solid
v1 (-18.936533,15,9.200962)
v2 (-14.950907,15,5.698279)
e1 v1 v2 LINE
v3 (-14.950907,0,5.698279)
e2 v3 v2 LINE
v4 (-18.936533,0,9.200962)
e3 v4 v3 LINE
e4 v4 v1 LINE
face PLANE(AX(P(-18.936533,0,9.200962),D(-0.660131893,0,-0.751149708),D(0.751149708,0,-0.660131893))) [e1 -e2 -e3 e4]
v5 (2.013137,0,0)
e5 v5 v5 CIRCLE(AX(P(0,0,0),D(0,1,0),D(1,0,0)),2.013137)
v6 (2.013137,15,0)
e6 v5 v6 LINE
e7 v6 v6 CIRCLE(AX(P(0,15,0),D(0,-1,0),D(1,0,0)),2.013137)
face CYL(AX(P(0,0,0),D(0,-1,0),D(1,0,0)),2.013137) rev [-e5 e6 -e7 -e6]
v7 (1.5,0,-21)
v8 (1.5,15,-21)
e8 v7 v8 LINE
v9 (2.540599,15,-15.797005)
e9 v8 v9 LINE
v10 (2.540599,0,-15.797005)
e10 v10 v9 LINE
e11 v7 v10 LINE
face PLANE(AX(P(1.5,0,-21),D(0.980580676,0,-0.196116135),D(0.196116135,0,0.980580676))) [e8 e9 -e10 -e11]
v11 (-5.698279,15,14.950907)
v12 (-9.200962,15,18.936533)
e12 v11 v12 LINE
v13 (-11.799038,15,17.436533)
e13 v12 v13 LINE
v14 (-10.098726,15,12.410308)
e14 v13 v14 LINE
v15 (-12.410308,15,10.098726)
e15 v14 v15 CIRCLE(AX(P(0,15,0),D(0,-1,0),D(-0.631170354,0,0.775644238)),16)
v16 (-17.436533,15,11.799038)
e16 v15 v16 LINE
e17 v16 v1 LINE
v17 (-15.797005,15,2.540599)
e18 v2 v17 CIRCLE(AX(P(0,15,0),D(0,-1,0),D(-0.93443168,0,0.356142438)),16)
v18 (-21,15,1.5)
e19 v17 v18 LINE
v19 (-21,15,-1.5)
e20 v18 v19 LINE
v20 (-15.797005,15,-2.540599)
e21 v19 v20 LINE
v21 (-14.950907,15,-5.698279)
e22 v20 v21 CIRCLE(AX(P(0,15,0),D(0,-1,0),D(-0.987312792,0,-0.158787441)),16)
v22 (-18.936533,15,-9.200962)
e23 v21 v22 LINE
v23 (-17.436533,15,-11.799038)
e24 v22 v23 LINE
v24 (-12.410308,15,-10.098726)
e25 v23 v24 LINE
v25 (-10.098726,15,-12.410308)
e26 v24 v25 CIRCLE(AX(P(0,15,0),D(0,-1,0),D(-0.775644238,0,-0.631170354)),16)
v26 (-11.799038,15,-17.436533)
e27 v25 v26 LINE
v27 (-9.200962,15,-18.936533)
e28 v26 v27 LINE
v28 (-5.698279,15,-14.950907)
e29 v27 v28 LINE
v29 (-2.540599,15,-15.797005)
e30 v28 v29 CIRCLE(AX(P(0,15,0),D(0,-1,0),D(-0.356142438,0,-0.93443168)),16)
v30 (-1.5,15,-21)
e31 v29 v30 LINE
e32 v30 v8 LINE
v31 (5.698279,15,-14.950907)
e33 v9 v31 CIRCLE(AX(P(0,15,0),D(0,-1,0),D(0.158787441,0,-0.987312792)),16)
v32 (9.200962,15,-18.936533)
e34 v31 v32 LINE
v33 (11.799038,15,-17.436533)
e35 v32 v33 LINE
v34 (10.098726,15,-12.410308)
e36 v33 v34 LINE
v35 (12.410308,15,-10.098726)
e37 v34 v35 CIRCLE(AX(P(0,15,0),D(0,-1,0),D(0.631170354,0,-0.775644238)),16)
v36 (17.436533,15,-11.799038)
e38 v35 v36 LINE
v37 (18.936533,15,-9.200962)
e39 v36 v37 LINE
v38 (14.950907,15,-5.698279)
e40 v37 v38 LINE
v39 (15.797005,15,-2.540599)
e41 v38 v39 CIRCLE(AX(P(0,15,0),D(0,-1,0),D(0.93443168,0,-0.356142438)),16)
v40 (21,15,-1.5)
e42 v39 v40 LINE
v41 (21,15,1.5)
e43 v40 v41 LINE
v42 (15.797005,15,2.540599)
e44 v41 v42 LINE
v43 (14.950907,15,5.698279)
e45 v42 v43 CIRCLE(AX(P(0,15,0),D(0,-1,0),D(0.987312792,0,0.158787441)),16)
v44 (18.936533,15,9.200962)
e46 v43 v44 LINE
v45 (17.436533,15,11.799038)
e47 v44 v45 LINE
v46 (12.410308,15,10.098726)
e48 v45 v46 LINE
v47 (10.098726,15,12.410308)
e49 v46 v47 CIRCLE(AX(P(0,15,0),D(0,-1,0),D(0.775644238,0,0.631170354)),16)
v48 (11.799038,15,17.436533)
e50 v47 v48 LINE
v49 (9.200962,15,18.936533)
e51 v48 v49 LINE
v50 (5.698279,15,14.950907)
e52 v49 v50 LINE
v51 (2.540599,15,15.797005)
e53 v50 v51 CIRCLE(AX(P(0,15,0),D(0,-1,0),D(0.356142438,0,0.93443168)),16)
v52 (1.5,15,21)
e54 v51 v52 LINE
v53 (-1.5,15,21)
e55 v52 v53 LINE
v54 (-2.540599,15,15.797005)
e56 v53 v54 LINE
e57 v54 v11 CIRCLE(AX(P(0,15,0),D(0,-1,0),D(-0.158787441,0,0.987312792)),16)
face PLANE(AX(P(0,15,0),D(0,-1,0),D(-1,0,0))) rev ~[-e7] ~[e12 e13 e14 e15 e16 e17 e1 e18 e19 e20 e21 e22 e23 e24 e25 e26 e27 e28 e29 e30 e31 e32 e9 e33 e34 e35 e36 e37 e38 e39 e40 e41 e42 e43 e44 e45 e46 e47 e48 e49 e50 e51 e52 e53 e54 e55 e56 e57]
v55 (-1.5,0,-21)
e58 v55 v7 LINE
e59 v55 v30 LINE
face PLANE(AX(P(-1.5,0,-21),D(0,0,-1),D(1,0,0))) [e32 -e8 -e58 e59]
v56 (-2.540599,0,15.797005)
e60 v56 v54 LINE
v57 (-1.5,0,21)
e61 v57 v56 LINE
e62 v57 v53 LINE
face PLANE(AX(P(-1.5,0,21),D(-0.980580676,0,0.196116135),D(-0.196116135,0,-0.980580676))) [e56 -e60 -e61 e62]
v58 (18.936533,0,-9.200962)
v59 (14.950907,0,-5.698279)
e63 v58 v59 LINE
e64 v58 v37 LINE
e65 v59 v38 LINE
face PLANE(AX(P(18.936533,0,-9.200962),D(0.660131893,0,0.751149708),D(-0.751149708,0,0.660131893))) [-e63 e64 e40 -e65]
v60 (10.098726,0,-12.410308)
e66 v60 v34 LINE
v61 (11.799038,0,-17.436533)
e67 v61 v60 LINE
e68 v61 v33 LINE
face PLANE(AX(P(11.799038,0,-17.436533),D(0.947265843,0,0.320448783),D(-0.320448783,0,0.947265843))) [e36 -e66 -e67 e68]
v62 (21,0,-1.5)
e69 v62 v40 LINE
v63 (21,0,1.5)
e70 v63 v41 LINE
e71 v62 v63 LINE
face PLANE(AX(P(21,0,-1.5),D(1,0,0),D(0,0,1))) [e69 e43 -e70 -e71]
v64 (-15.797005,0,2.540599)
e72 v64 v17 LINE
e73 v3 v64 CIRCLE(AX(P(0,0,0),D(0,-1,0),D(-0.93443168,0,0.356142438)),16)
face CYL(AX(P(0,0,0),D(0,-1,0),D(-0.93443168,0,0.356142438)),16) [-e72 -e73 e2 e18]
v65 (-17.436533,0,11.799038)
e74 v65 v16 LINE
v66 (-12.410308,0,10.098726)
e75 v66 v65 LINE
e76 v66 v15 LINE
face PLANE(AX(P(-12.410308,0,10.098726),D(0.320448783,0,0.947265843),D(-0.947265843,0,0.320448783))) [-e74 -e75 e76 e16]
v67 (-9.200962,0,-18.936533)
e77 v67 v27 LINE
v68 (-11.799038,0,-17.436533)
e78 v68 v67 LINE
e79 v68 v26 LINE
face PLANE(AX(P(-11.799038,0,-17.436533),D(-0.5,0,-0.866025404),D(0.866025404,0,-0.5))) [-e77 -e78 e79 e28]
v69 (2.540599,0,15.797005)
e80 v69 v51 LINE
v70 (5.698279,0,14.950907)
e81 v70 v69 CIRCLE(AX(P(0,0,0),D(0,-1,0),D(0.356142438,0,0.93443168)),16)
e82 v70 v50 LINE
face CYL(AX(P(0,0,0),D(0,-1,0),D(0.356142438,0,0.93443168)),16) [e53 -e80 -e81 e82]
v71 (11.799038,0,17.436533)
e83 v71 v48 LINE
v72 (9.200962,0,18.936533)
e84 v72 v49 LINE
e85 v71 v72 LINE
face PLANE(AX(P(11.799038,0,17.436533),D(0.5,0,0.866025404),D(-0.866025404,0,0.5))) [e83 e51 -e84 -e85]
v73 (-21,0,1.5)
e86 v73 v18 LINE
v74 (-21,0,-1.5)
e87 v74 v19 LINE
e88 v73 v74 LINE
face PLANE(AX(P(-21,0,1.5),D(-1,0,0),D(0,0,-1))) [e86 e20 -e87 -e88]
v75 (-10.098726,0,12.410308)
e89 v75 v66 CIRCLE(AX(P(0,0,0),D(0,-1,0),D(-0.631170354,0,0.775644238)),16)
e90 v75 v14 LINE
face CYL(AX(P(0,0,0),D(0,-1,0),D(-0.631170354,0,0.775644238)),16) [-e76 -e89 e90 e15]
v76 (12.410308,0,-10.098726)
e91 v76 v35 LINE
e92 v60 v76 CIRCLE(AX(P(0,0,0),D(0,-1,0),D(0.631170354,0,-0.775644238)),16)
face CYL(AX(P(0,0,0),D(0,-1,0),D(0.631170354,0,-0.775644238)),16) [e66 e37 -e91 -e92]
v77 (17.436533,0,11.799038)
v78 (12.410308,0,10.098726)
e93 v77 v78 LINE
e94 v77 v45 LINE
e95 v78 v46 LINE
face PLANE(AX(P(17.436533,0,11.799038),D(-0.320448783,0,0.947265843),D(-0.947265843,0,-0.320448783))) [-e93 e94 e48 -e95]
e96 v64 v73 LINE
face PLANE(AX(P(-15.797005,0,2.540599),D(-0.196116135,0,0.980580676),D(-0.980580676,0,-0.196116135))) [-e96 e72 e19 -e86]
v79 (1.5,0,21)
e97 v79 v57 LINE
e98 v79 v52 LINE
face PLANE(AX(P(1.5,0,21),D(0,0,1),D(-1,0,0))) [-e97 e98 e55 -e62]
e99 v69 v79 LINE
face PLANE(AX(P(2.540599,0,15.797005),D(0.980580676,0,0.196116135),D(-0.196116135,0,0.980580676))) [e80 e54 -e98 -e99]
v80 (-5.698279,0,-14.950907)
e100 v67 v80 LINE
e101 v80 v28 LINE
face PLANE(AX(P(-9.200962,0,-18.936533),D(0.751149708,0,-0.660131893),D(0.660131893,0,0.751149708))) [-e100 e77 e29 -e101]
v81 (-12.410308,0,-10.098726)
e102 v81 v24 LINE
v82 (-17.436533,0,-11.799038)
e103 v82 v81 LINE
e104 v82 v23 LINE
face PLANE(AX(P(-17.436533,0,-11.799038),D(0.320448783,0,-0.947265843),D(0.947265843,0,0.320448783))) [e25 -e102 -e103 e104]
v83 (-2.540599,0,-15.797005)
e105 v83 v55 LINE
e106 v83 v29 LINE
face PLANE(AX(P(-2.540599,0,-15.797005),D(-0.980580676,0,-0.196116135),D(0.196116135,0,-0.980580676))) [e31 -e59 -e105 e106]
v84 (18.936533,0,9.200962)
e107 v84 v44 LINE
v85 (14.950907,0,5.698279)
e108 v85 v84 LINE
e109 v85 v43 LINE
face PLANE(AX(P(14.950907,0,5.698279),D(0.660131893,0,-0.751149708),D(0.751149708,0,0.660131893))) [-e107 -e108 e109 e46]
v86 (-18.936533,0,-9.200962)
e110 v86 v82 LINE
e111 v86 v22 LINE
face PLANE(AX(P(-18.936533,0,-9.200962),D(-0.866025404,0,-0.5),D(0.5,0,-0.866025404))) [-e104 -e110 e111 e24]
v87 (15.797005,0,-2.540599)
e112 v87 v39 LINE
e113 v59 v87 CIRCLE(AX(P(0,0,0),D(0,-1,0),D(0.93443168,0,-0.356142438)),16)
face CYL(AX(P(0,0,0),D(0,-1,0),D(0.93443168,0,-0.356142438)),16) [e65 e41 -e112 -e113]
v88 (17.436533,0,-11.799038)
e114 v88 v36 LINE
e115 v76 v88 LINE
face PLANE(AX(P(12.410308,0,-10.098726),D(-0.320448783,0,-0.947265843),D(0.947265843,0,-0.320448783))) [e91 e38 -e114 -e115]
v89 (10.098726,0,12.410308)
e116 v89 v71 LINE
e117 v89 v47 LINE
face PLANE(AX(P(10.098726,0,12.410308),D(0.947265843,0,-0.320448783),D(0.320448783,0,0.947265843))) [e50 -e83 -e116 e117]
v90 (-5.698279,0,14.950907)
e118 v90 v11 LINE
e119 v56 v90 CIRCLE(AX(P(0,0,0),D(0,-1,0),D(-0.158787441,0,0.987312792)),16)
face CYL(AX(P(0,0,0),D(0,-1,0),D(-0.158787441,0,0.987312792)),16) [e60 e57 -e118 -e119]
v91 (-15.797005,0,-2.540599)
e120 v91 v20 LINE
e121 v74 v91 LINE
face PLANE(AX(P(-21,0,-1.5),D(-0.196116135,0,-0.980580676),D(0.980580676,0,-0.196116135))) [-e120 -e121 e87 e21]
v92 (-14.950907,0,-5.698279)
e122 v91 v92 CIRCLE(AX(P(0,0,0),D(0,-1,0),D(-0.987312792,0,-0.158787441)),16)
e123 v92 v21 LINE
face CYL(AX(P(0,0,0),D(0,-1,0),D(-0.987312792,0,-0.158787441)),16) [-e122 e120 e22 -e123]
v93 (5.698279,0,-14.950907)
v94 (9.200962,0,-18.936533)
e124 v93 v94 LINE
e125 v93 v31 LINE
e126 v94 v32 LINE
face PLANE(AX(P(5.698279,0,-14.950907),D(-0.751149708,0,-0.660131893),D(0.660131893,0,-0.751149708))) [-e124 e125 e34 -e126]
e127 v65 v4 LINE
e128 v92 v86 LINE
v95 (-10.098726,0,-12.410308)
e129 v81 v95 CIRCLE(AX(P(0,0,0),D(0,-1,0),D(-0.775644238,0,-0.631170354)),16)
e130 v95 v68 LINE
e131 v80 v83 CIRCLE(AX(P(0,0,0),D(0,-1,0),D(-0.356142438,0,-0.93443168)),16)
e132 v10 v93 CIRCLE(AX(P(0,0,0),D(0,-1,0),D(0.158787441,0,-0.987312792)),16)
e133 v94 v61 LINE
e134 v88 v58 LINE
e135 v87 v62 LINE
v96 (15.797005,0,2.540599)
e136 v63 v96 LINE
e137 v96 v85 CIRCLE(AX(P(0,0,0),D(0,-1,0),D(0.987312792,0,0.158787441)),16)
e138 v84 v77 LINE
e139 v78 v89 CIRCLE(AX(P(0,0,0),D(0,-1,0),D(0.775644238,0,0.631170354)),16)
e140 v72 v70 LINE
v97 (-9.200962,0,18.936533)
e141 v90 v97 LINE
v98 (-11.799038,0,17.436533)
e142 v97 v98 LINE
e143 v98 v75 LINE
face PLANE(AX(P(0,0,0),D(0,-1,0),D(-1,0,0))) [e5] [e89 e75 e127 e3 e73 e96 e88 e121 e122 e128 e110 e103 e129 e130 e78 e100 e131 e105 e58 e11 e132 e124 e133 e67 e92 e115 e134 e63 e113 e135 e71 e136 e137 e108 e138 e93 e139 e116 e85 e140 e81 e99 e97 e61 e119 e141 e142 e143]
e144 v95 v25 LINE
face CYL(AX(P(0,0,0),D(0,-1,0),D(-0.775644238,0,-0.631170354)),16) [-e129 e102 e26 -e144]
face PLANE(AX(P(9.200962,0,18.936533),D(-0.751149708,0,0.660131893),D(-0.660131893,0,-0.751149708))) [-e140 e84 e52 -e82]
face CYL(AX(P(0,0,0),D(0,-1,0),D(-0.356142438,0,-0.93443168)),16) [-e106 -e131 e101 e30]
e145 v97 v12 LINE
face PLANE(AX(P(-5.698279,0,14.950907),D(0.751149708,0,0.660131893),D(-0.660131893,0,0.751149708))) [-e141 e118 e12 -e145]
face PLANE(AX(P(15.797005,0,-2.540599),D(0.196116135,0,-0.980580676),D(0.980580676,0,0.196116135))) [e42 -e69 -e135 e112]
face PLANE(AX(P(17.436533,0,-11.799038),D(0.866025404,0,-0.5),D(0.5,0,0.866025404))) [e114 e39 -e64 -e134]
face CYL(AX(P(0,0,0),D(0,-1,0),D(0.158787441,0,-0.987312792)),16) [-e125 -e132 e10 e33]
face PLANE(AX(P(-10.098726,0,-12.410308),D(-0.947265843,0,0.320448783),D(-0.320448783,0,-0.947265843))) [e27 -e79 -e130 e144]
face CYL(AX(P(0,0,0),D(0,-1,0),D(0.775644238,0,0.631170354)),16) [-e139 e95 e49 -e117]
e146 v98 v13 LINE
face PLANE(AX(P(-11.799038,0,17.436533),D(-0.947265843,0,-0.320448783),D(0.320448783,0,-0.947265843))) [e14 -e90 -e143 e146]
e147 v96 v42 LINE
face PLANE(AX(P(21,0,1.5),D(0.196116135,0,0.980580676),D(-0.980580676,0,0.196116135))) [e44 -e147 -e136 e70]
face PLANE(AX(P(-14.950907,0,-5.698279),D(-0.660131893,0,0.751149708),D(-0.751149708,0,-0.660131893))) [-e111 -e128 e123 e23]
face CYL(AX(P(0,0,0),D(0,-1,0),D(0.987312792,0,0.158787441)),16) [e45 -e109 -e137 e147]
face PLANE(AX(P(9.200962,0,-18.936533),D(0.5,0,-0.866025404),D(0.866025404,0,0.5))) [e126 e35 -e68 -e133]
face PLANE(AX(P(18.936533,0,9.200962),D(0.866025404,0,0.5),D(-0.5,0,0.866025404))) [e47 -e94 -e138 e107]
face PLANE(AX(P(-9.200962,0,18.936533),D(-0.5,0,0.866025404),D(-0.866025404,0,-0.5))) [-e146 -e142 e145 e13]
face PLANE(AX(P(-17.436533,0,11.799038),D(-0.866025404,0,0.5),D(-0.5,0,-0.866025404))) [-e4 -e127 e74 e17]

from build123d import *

# Parameters (mm, degrees)
BOSS_EXTRUDE1_DEPTH = 15
CUT_EXTRUDE1_REACH  = 17
SKETCH2_R           = 2.013136899


with BuildPart() as part:
    # Sketch1 → Boss-Extrude1 (new body)
    with BuildSketch(Plane(origin=(0, 0, 0), x_dir=(1, 0, 0), z_dir=(0, 1, 0))):
        with BuildLine():
            Line((-2.540599067, 15.797004665), (-1.5, 21))
            Line((-1.5, 21), (1.5, 21))
            Line((1.5, 21), (2.540599067, 15.797004665))
            ThreePointArc((2.540599067, 15.797004665), (4.141104722, 15.454813221), (5.698279, 14.950906877))
            Line((5.698279, 14.950906877), (9.200961894, 18.936533479))
            Line((9.200961894, 18.936533479), (11.799038106, 17.436533479))
            Line((11.799038106, 17.436533479), (10.098725665, 12.41030781))
            ThreePointArc((10.098725665, 12.41030781), (11.313708499, 11.313708499), (12.41030781, 10.098725665))
            Line((12.41030781, 10.098725665), (17.436533479, 11.799038106))
            Line((17.436533479, 11.799038106), (18.936533479, 9.200961894))
            Line((18.936533479, 9.200961894), (14.950906877, 5.698279))
            ThreePointArc((14.950906877, 5.698279), (15.454813221, 4.141104722), (15.797004665, 2.540599067))
            Line((15.797004665, 2.540599067), (21, 1.5))
            Line((21, 1.5), (21, -1.5))
            Line((21, -1.5), (15.797004665, -2.540599067))
            ThreePointArc((15.797004665, -2.540599067), (15.454813221, -4.141104722), (14.950906877, -5.698279))
            Line((14.950906877, -5.698279), (18.936533479, -9.200961894))
            Line((18.936533479, -9.200961894), (17.436533479, -11.799038106))
            Line((17.436533479, -11.799038106), (12.41030781, -10.098725665))
            ThreePointArc((12.41030781, -10.098725665), (11.313708499, -11.313708499), (10.098725665, -12.41030781))
            Line((10.098725665, -12.41030781), (11.799038106, -17.436533479))
            Line((11.799038106, -17.436533479), (9.200961894, -18.936533479))
            Line((9.200961894, -18.936533479), (5.698279, -14.950906877))
            ThreePointArc((5.698279, -14.950906877), (4.141104722, -15.454813221), (2.540599067, -15.797004665))
            Line((2.540599067, -15.797004665), (1.5, -21))
            Line((1.5, -21), (-1.5, -21))
            Line((-1.5, -21), (-2.540599067, -15.797004665))
            ThreePointArc((-2.540599067, -15.797004665), (-4.141104722, -15.454813221), (-5.698279, -14.950906877))
            Line((-5.698279, -14.950906877), (-9.200961894, -18.936533479))
            Line((-9.200961894, -18.936533479), (-11.799038106, -17.436533479))
            Line((-11.799038106, -17.436533479), (-10.098725665, -12.41030781))
            ThreePointArc((-10.098725665, -12.41030781), (-11.313708499, -11.313708499), (-12.41030781, -10.098725665))
            Line((-12.41030781, -10.098725665), (-17.436533479, -11.799038106))
            Line((-17.436533479, -11.799038106), (-18.936533479, -9.200961894))
            Line((-18.936533479, -9.200961894), (-14.950906877, -5.698279))
            ThreePointArc((-14.950906877, -5.698279), (-15.454813221, -4.141104722), (-15.797004665, -2.540599067))
            Line((-15.797004665, -2.540599067), (-21, -1.5))
            Line((-21, -1.5), (-21, 1.5))
            Line((-21, 1.5), (-15.797004665, 2.540599067))
            ThreePointArc((-15.797004665, 2.540599067), (-15.454813221, 4.141104722), (-14.950906877, 5.698279))
            Line((-14.950906877, 5.698279), (-18.936533479, 9.200961894))
            Line((-18.936533479, 9.200961894), (-17.436533479, 11.799038106))
            Line((-17.436533479, 11.799038106), (-12.41030781, 10.098725665))
            ThreePointArc((-12.41030781, 10.098725665), (-11.313708499, 11.313708499), (-10.098725665, 12.41030781))
            Line((-10.098725665, 12.41030781), (-11.799038106, 17.436533479))
            Line((-11.799038106, 17.436533479), (-9.200961894, 18.936533479))
            Line((-9.200961894, 18.936533479), (-5.698279, 14.950906877))
            ThreePointArc((-5.698279, 14.950906877), (-4.141104722, 15.454813221), (-2.540599067, 15.797004665))
        make_face()
    extrude(amount=BOSS_EXTRUDE1_DEPTH)

    # Sketch2 → Cut-Extrude1 (cut, up to next)
    with BuildSketch(Plane(origin=(0, 0, 0), x_dir=(1, 0, 0), z_dir=(0, 1, 0)), mode=Mode.PRIVATE) as cut_extrude1_sk1:
        Circle(SKETCH2_R)
    cut_extrude1_tool1 = extrude(cut_extrude1_sk1.sketch, amount=CUT_EXTRUDE1_REACH, mode=Mode.PRIVATE) & part.part
    add(cut_extrude1_tool1.solids().sort_by_distance((0, 0, 0))[0], mode=Mode.SUBTRACT)


solid = part.part
